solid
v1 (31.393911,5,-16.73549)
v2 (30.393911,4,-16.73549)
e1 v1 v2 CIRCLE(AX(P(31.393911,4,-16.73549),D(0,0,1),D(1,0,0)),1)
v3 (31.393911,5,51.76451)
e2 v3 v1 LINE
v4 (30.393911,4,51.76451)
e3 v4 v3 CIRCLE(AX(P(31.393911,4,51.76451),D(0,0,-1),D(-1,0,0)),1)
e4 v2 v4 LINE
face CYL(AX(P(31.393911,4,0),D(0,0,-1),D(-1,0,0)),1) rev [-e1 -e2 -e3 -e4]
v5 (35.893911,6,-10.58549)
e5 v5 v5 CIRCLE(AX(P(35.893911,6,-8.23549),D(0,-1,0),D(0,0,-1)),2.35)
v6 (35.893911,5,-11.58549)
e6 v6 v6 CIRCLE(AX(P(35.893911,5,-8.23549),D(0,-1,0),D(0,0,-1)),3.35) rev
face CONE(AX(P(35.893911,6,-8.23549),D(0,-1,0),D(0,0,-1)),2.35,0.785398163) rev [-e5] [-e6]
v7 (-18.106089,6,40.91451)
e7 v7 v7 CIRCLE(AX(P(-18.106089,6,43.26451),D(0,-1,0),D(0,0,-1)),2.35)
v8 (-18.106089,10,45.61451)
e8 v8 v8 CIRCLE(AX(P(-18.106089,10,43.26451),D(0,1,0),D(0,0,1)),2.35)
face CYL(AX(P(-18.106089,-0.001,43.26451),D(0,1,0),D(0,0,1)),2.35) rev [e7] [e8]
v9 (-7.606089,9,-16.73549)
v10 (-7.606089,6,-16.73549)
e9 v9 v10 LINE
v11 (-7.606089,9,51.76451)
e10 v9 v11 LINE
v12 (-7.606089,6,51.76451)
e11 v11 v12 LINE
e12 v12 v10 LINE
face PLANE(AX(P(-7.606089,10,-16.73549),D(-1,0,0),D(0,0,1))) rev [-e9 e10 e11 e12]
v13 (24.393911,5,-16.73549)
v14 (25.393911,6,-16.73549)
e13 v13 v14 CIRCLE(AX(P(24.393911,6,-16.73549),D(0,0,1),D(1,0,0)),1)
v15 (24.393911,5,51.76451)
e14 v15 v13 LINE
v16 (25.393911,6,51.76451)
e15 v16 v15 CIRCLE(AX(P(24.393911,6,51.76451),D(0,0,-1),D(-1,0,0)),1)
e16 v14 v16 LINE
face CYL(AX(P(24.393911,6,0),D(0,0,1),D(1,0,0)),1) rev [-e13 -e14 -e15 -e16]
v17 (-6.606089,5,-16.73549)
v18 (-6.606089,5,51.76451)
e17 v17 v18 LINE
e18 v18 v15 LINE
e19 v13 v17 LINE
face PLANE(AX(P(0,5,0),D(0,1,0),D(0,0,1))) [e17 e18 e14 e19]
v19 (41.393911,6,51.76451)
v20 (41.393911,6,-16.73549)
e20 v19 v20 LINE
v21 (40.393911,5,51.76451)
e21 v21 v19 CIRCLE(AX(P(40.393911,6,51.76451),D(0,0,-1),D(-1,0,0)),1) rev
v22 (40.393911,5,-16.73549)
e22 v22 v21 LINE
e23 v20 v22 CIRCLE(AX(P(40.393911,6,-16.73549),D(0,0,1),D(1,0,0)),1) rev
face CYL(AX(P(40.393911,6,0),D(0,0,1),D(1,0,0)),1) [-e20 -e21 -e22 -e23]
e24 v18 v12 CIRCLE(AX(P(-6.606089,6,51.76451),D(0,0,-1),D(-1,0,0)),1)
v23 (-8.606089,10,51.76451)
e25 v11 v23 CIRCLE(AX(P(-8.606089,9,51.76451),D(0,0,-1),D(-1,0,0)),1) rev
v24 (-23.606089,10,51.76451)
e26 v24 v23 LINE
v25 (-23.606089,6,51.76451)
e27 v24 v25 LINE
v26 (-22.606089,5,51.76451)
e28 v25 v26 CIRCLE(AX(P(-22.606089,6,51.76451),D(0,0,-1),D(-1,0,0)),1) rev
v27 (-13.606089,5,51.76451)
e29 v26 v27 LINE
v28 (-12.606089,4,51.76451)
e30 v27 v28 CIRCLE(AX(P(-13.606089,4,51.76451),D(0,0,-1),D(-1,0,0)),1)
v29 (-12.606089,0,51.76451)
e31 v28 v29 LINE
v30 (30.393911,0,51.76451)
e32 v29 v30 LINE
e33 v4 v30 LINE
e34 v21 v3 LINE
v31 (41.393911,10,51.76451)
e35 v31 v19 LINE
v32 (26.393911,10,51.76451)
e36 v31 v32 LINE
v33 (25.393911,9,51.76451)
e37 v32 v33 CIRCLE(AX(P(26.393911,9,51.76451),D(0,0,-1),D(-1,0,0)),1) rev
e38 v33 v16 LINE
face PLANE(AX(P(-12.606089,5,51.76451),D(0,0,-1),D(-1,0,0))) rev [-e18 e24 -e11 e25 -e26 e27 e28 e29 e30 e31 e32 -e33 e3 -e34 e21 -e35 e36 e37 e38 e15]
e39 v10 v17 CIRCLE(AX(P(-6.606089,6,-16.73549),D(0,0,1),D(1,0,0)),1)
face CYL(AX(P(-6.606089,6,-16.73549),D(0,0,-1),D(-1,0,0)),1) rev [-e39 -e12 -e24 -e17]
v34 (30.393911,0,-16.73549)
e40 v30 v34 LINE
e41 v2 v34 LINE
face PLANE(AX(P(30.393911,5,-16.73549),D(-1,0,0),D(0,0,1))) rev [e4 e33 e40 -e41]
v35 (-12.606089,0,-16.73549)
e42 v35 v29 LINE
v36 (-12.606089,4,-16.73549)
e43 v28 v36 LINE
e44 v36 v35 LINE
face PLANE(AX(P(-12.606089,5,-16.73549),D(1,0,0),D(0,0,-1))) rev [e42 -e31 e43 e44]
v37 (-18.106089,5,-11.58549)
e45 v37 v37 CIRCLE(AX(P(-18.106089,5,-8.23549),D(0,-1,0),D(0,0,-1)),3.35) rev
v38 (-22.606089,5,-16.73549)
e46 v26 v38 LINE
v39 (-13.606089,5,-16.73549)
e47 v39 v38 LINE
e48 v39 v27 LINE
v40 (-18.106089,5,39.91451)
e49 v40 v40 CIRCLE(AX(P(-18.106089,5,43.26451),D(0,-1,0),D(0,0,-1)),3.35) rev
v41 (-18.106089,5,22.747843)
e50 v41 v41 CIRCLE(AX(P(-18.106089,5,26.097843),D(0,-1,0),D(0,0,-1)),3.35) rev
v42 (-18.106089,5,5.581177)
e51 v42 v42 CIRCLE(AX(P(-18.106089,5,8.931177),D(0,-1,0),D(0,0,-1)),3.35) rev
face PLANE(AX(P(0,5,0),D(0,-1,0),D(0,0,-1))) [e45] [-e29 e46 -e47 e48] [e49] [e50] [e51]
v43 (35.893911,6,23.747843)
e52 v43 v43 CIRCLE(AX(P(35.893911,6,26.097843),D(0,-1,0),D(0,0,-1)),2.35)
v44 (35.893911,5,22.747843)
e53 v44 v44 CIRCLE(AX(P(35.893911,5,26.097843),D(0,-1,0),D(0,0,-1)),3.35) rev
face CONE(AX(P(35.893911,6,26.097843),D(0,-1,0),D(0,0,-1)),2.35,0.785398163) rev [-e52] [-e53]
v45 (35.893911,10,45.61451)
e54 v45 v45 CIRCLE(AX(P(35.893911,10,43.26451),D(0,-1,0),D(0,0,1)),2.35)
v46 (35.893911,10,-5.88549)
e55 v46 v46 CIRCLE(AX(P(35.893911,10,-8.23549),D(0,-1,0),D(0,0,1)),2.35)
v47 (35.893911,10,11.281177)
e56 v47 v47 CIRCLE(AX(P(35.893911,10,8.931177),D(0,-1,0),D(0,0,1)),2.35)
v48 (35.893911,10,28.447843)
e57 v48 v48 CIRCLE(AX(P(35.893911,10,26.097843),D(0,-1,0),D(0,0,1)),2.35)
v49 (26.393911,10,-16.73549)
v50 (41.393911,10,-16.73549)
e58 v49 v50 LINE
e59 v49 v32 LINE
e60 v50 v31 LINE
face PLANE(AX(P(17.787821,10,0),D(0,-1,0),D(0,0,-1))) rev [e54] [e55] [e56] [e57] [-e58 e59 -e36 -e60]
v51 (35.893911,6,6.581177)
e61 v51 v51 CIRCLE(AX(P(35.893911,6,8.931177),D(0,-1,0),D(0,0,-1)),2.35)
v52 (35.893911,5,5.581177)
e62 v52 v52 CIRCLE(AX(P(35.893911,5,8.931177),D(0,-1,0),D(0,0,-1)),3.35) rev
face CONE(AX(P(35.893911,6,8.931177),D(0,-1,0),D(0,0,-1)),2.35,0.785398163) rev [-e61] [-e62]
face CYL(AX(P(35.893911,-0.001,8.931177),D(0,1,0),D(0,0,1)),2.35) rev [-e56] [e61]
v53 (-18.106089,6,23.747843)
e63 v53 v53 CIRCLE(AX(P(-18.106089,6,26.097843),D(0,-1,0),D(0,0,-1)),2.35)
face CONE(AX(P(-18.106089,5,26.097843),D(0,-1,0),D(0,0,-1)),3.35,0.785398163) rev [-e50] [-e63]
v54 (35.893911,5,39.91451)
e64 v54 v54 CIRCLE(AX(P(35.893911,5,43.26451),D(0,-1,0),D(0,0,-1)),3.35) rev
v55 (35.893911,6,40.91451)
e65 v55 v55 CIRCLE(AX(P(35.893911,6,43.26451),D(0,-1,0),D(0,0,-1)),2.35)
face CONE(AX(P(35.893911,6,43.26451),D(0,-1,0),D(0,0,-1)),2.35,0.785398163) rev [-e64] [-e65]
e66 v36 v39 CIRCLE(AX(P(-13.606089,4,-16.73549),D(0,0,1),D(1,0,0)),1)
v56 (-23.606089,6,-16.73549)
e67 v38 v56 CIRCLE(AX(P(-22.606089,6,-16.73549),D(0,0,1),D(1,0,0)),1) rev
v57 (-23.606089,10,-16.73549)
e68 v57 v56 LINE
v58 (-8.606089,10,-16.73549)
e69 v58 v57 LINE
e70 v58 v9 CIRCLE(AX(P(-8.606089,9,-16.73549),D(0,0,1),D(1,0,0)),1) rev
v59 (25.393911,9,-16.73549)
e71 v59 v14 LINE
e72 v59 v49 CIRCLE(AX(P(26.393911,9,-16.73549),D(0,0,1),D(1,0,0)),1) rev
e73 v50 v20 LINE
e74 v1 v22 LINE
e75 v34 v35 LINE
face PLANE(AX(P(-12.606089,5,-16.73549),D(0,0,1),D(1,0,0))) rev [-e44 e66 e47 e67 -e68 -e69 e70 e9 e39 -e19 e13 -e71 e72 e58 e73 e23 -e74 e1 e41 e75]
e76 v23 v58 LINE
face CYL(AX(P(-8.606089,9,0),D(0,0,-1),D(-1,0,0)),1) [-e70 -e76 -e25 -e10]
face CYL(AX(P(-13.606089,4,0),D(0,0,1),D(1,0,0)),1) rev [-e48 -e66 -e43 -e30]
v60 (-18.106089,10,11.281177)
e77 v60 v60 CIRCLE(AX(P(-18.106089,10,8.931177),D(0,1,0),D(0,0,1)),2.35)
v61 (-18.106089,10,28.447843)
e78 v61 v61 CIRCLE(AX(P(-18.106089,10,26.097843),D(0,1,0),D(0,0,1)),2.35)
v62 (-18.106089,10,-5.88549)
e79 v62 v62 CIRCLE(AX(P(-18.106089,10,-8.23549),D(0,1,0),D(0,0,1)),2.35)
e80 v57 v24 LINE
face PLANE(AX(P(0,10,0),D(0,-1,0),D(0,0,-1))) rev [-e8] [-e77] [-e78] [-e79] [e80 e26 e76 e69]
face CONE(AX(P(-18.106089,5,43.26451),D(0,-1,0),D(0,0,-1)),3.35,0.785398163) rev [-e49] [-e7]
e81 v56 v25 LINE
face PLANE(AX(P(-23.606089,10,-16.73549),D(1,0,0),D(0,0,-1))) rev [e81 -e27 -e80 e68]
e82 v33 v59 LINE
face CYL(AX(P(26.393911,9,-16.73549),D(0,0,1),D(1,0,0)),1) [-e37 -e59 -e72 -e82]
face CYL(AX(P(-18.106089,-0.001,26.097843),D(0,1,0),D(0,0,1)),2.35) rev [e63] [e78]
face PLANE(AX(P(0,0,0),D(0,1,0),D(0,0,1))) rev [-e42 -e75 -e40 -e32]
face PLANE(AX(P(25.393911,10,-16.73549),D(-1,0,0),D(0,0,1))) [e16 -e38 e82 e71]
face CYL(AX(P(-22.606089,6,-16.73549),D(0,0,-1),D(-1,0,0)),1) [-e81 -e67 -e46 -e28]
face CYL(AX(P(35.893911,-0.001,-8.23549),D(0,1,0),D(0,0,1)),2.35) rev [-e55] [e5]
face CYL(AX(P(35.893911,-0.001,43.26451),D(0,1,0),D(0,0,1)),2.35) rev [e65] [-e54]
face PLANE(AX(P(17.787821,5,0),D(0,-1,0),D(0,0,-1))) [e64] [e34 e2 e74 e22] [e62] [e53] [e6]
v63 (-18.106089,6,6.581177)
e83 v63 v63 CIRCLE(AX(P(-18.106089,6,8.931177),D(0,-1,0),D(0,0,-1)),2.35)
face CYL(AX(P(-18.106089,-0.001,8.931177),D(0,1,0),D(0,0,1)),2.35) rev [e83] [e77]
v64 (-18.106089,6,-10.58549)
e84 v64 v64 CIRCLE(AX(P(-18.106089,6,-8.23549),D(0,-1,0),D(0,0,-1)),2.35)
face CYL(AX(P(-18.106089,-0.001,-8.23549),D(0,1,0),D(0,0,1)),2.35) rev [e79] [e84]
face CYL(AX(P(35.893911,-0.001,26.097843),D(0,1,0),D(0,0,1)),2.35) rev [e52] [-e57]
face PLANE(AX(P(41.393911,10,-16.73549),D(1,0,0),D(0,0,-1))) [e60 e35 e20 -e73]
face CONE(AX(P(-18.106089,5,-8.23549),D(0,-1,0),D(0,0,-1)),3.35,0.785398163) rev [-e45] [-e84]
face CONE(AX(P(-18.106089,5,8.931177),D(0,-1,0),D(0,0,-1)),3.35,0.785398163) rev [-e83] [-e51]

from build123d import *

# Parameters (mm, degrees)
SKETCH1_W           = 43
SKETCH1_H           = 68.5
BOSS_EXTRUDE1_DEPTH = 5
SKETCH2_W           = 16
SKETCH2_H           = 68.5
BOSS_EXTRUDE2_DEPTH = 5
CUT_EXTRUDE1_REACH  = 62.855
SKETCH3_R           = 2.35
FILLET1_R           = 1
CHAMFER1_SIZE       = 1


with BuildPart() as part:
    # Sketch1 → Boss-Extrude1 (new body)
    with BuildSketch(Plane(origin=(0, 0, 0), x_dir=(1, 0, 0), z_dir=(0, 1, 0))):
        with Locations((8.893910561, -17.51450999)):
            Rectangle(SKETCH1_W, SKETCH1_H)
    extrude(amount=BOSS_EXTRUDE1_DEPTH)

    # Sketch2 → Boss-Extrude2 (add)
    with BuildSketch(Plane(origin=(0, 5, 0), x_dir=(1, 0, 0), z_dir=(0, 1, 0))):
        with Locations((-15.606089439, -17.51450999)):
            Rectangle(SKETCH2_W, SKETCH2_H)
    boss_extrude2 = extrude(amount=BOSS_EXTRUDE2_DEPTH)

    # Sketch3 → Cut-Extrude1 (cut, up to next)
    with BuildSketch(Plane(origin=(0, 10, 0), x_dir=(1, 0, 0), z_dir=(0, 1, 0)), mode=Mode.PRIVATE) as cut_extrude1_sk1:
        with Locations(Location((-18.106089439, 8.23549001, 0), (0, 0, 270))):
            Circle(SKETCH3_R)
    cut_extrude1_tool1 = extrude(cut_extrude1_sk1.sketch, amount=-CUT_EXTRUDE1_REACH, mode=Mode.PRIVATE) & part.part
    # Sketch3 → Cut-Extrude1 (cut, up to next)
    with BuildSketch(Plane(origin=(0, 10, 0), x_dir=(1, 0, 0), z_dir=(0, 1, 0)), mode=Mode.PRIVATE) as cut_extrude1_sk2:
        with Locations(Location((-18.106089439, -8.931176657, 0), (0, 0, 270))):
            Circle(SKETCH3_R)
    cut_extrude1_tool2 = extrude(cut_extrude1_sk2.sketch, amount=-CUT_EXTRUDE1_REACH, mode=Mode.PRIVATE) & part.part
    # Sketch3 → Cut-Extrude1 (cut, up to next)
    with BuildSketch(Plane(origin=(0, 10, 0), x_dir=(1, 0, 0), z_dir=(0, 1, 0)), mode=Mode.PRIVATE) as cut_extrude1_sk3:
        with Locations(Location((-18.106089439, -26.097843324, 0), (0, 0, 270))):
            Circle(SKETCH3_R)
    cut_extrude1_tool3 = extrude(cut_extrude1_sk3.sketch, amount=-CUT_EXTRUDE1_REACH, mode=Mode.PRIVATE) & part.part
    # Sketch3 → Cut-Extrude1 (cut, up to next)
    with BuildSketch(Plane(origin=(0, 10, 0), x_dir=(1, 0, 0), z_dir=(0, 1, 0)), mode=Mode.PRIVATE) as cut_extrude1_sk4:
        with Locations(Location((-18.106089439, -43.26450999, 0), (0, 0, 270))):
            Circle(SKETCH3_R)
    cut_extrude1_tool4 = extrude(cut_extrude1_sk4.sketch, amount=-CUT_EXTRUDE1_REACH, mode=Mode.PRIVATE) & part.part
    cut_extrude1_1 = cut_extrude1_tool1.solids().sort_by_distance((-18.106089, 10, -8.23549))[0]
    add(cut_extrude1_1, mode=Mode.SUBTRACT)
    cut_extrude1_2 = cut_extrude1_tool2.solids().sort_by_distance((-18.106089, 10, 8.931177))[0]
    add(cut_extrude1_2, mode=Mode.SUBTRACT)
    cut_extrude1_3 = cut_extrude1_tool3.solids().sort_by_distance((-18.106089, 10, 26.097843))[0]
    add(cut_extrude1_3, mode=Mode.SUBTRACT)
    cut_extrude1_4 = cut_extrude1_tool4.solids().sort_by_distance((-18.106089, 10, 43.26451))[0]
    add(cut_extrude1_4, mode=Mode.SUBTRACT)
    cut_extrude1 = cut_extrude1_1 + cut_extrude1_2 + cut_extrude1_3 + cut_extrude1_4  # Cut-Extrude1 as one shape, for the pattern or mirror that repeats it

    # Mirror1: Boss-Extrude2, Cut-Extrude1 across plane
    add(boss_extrude2.mirror(Plane(origin=(8.893910561, 0, 0), x_dir=(0, 0, 1), z_dir=(1, 0, 0))))
    add(cut_extrude1.mirror(Plane(origin=(8.893910561, 0, 0), x_dir=(0, 0, 1), z_dir=(1, 0, 0))), mode=Mode.SUBTRACT)

    # Fillet1
    fillet1_edges = [part.edges().sort_by_distance(p)[0] for p in [
        (30.393910561, 5, 17.51450999),
        (-7.606089439, 5, 17.51450999),
        (-23.606089439, 5, 17.51450999),
        (-7.606089439, 10, 17.51450999),
        (41.393910561, 5, 17.51450999),
        (25.393910561, 10, 17.51450999),
        (-12.606089439, 5, 17.51450999),
        (25.393910561, 5, 17.51450999),
    ]]
    fillet(fillet1_edges, radius=FILLET1_R)

    # Chamfer1
    chamfer1_edges = [part.edges().sort_by_distance(p)[0] for p in [
        (-18.106089439, 5, -10.58549001),
        (-18.106089439, 5, 6.581176657),
        (-18.106089439, 5, 23.747843324),
        (-18.106089439, 5, 40.91450999),
        (35.893910561, 5, -10.58549001),
        (35.893910561, 5, 6.581176657),
        (35.893910561, 5, 23.747843324),
        (35.893910561, 5, 40.91450999),
    ]]
    chamfer(chamfer1_edges, length=CHAMFER1_SIZE)


solid = part.part
